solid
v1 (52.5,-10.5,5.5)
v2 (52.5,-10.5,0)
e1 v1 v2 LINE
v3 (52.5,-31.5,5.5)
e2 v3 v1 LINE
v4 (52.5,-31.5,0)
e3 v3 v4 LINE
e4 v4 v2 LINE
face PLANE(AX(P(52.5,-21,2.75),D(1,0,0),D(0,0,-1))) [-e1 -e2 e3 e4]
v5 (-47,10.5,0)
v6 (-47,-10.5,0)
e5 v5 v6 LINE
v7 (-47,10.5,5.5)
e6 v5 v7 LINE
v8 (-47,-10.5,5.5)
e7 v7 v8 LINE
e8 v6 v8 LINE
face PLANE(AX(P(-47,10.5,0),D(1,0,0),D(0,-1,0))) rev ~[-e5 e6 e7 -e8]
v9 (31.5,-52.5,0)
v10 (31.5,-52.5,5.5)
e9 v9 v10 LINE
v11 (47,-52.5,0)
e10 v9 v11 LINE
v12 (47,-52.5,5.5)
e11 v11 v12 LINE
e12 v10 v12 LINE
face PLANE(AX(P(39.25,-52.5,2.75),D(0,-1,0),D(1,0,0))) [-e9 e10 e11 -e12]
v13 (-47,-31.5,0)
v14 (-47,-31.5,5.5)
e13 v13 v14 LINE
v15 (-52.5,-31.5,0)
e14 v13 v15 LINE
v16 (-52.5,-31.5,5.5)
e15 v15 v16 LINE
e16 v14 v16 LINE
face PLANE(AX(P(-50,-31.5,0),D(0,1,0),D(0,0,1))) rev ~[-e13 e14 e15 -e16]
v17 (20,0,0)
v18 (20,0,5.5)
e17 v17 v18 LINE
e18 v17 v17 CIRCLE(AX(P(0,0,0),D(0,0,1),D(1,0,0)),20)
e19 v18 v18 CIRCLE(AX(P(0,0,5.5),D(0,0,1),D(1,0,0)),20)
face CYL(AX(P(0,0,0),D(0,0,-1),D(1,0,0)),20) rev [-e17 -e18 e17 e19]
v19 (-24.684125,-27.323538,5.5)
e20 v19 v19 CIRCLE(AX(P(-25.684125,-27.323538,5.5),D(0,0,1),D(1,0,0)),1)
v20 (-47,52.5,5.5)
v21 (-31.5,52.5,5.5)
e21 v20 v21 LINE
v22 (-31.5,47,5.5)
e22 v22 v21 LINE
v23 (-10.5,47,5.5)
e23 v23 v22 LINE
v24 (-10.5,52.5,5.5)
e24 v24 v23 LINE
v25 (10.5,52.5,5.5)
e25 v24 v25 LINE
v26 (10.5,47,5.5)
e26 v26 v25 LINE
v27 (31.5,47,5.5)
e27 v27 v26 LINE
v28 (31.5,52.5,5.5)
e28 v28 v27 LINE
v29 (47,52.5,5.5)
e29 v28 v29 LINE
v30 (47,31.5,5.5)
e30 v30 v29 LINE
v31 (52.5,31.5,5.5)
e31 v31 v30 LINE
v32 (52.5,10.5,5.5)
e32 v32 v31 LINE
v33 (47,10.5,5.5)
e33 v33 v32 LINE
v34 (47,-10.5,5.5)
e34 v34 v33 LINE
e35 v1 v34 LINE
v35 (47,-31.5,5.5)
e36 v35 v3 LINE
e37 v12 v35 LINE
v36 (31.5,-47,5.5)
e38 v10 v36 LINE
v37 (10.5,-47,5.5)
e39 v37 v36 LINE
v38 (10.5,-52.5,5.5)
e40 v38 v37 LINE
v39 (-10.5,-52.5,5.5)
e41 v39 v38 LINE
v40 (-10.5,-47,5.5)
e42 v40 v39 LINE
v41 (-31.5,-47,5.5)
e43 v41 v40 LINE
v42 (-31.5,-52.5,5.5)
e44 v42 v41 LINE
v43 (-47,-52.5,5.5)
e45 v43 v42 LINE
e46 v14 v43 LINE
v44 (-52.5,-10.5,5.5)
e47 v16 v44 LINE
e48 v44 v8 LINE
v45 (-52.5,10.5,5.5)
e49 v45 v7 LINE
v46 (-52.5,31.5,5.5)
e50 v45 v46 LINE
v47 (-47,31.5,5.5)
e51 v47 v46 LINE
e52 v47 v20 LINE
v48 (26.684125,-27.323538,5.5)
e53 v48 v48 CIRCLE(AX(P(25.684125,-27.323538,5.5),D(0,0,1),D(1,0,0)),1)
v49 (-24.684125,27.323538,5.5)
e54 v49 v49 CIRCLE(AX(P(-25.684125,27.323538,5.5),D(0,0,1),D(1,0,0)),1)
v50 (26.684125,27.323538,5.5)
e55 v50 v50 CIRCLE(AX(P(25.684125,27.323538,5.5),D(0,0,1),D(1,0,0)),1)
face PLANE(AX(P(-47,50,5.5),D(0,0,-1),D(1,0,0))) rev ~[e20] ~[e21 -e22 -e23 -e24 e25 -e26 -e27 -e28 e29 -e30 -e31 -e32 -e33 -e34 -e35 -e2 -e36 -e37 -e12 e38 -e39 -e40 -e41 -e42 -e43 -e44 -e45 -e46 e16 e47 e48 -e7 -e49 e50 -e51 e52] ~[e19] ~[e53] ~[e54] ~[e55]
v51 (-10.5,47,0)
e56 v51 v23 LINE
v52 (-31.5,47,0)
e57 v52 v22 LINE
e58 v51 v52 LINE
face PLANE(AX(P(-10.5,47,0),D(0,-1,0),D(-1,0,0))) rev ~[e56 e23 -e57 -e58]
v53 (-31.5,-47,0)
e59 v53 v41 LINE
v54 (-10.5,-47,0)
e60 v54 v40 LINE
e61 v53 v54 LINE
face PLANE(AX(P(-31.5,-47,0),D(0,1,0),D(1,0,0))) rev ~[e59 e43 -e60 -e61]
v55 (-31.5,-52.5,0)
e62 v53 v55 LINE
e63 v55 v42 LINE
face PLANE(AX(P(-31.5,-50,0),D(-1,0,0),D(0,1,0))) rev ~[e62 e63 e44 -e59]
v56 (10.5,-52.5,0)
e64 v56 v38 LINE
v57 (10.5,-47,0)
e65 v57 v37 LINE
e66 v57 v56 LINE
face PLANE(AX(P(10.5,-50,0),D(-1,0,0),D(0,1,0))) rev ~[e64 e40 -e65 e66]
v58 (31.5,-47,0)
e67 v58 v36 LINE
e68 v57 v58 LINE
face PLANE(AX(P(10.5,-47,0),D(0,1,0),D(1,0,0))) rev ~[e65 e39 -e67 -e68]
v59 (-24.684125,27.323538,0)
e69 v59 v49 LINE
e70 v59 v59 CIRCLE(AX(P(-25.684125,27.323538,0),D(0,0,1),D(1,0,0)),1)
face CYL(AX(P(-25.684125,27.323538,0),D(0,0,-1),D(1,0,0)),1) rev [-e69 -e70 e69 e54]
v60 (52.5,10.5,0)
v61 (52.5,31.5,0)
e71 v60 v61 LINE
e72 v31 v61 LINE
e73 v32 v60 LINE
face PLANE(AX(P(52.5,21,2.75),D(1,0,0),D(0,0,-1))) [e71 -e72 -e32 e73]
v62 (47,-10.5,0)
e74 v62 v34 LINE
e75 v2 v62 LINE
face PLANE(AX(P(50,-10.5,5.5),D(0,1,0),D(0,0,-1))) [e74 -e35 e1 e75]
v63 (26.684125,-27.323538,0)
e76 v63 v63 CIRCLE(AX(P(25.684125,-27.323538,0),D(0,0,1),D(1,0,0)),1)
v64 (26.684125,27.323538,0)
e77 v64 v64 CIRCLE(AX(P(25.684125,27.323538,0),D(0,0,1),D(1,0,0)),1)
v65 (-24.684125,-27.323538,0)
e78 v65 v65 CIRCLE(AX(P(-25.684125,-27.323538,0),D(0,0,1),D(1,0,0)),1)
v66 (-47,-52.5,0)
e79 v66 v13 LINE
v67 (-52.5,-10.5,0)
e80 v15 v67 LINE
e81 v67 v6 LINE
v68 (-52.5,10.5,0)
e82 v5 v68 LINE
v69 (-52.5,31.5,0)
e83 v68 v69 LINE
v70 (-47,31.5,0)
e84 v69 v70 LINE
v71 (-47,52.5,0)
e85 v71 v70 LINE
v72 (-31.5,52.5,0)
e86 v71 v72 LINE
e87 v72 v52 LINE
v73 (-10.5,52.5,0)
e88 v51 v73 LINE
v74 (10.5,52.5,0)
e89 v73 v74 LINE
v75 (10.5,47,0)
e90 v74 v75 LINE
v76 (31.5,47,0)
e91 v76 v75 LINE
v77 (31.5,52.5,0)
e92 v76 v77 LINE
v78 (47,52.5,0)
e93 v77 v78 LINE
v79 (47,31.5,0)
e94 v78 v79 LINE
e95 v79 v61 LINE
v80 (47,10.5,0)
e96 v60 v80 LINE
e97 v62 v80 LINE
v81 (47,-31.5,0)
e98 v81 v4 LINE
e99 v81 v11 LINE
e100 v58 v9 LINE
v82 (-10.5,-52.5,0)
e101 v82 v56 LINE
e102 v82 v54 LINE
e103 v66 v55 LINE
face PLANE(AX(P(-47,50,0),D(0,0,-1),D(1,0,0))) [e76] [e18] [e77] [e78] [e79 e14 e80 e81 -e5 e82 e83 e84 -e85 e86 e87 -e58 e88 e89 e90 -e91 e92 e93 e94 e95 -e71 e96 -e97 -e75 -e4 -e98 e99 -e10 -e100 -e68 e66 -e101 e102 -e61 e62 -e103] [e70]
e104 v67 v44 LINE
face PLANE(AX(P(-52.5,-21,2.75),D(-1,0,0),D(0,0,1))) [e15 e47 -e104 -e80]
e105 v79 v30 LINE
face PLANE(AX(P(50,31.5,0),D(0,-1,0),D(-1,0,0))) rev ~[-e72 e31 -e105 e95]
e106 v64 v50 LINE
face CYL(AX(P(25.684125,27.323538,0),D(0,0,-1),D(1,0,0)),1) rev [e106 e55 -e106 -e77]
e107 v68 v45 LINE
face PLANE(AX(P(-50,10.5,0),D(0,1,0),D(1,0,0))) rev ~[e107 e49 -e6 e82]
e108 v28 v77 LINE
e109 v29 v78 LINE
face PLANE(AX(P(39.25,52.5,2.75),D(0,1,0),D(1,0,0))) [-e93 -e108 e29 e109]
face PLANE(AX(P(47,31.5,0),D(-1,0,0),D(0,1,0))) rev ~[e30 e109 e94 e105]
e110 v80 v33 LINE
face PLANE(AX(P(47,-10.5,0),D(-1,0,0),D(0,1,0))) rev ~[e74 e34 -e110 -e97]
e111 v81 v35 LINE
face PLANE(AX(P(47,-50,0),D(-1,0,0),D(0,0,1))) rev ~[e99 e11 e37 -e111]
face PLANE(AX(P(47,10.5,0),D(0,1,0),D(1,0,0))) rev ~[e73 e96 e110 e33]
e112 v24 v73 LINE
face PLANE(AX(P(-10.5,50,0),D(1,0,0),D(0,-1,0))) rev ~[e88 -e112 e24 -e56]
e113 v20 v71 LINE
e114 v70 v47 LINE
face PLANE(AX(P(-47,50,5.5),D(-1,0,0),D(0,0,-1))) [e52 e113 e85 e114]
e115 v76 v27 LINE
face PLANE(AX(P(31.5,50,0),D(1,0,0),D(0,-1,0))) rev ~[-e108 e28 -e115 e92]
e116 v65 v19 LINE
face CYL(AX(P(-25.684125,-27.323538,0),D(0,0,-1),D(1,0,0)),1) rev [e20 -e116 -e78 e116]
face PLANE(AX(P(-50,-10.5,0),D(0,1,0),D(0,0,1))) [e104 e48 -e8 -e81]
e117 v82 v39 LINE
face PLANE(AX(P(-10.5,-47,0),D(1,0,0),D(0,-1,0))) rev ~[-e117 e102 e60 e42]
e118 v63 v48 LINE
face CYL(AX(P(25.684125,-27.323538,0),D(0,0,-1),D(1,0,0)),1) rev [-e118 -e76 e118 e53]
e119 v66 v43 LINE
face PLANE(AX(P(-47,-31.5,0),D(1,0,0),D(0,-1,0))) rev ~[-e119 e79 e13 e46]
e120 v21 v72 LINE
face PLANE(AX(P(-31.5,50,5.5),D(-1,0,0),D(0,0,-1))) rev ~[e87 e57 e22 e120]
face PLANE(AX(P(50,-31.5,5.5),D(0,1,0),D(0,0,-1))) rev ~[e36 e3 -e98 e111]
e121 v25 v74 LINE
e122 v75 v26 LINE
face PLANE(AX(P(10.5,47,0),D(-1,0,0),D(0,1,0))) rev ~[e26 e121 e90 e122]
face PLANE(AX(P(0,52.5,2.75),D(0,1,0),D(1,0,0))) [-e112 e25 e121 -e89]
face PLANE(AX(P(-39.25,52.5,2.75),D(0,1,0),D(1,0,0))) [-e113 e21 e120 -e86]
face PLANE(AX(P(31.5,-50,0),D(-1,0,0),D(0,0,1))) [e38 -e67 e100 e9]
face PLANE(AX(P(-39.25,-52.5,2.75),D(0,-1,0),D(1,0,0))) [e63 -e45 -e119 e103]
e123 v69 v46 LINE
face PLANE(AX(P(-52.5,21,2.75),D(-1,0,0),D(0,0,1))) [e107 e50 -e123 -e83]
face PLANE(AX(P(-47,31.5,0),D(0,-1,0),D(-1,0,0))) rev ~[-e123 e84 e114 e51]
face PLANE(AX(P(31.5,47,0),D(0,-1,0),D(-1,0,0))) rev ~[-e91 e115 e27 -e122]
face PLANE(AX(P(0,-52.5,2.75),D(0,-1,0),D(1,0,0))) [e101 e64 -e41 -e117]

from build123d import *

# Parameters (mm, degrees)
CROQUIS1_R              = 20
CROQUIS1_R_2            = 1
SALIENTE_EXTRUIR1_DEPTH = 5.5
CROQUIS2_W              = 5.5
CROQUIS2_H              = 21
SALIENTE_EXTRUIR2_DEPTH = 2.5
CROQUIS3_W              = 15.5
CROQUIS3_H              = 5.5
CROQUIS3_W_2            = 21
SALIENTE_EXTRUIR3_DEPTH = 2.5
CROQUIS4_W              = 5.5
CROQUIS4_H              = 21
SALIENTE_EXTRUIR4_DEPTH = 2.5
CROQUIS5_W              = 15.5
CROQUIS5_H              = 5.5
CROQUIS5_W_2            = 21
SALIENTE_EXTRUIR5_DEPTH = 2.5


with BuildPart() as part:
    # Croquis1 → Saliente-Extruir1 (new body)
    with BuildSketch(Plane.XY):
        Polygon((-47, 50), (-47, 31.5), (-50, 31.5), (-50, 10.5), (-47, 10.5), (-47, -10.5), (-50, -10.5), (-50, -31.5), (-47, -31.5), (-47, -50), (-31.5, -50), (-31.5, -47), (-10.5, -47), (-10.5, -50), (10.5, -50), (10.5, -47), (31.5, -47), (31.5, -50), (47, -50), (47, -31.5), (50, -31.5), (50, -10.5), (47, -10.5), (47, 10.5), (50, 10.5), (50, 31.5), (47, 31.5), (47, 50), (31.5, 50), (31.5, 47), (10.5, 47), (10.5, 50), (-10.5, 50), (-10.5, 47), (-31.5, 47), (-31.5, 50), align=None)
        Circle(CROQUIS1_R, mode=Mode.SUBTRACT)
        with Locations((25.684125329, 27.323537584)):
            Circle(CROQUIS1_R_2, mode=Mode.SUBTRACT)
        with Locations((25.684125329, -27.323537584)):
            Circle(CROQUIS1_R_2, mode=Mode.SUBTRACT)
        with Locations((-25.684125329, 27.323537584)):
            Circle(CROQUIS1_R_2, mode=Mode.SUBTRACT)
        with Locations((-25.684125329, -27.323537584)):
            Circle(CROQUIS1_R_2, mode=Mode.SUBTRACT)
    extrude(amount=SALIENTE_EXTRUIR1_DEPTH)

    # Croquis2 → Saliente-Extruir2 (add)
    with BuildSketch(Plane(origin=(50, 0, 0), x_dir=(0, 0, -1), z_dir=(1, 0, 0))):
        with Locations((-2.75, -21)):
            Rectangle(CROQUIS2_W, CROQUIS2_H)
        with Locations((-2.75, 21)):
            Rectangle(CROQUIS2_W, CROQUIS2_H)
    extrude(amount=SALIENTE_EXTRUIR2_DEPTH)

    # Croquis3 → Saliente-Extruir3 (add)
    with BuildSketch(Plane.XZ.offset(50)):
        with Locations((39.25, 2.75)):
            Rectangle(CROQUIS3_W, CROQUIS3_H)
        with Locations((0, 2.75)):
            Rectangle(CROQUIS3_W_2, CROQUIS3_H)
        with Locations((-39.25, 2.75)):
            Rectangle(CROQUIS3_W, CROQUIS3_H)
    extrude(amount=SALIENTE_EXTRUIR3_DEPTH)

    # Croquis4 → Saliente-Extruir4 (add)
    with BuildSketch(Plane.ZY.offset(50)):
        with Locations((2.75, -21)):
            Rectangle(CROQUIS4_W, CROQUIS4_H)
        with Locations((2.75, 21)):
            Rectangle(CROQUIS4_W, CROQUIS4_H)
    extrude(amount=SALIENTE_EXTRUIR4_DEPTH)

    # Croquis5 → Saliente-Extruir5 (add)
    with BuildSketch(Plane(origin=(0, 50, 0), x_dir=(1, 0, 0), z_dir=(0, 1, 0))):
        with Locations((-39.25, -2.75)):
            Rectangle(CROQUIS5_W, CROQUIS5_H)
        with Locations((0, -2.75)):
            Rectangle(CROQUIS5_W_2, CROQUIS5_H)
        with Locations((39.25, -2.75)):
            Rectangle(CROQUIS5_W, CROQUIS5_H)
    extrude(amount=SALIENTE_EXTRUIR5_DEPTH)


solid = part.part
